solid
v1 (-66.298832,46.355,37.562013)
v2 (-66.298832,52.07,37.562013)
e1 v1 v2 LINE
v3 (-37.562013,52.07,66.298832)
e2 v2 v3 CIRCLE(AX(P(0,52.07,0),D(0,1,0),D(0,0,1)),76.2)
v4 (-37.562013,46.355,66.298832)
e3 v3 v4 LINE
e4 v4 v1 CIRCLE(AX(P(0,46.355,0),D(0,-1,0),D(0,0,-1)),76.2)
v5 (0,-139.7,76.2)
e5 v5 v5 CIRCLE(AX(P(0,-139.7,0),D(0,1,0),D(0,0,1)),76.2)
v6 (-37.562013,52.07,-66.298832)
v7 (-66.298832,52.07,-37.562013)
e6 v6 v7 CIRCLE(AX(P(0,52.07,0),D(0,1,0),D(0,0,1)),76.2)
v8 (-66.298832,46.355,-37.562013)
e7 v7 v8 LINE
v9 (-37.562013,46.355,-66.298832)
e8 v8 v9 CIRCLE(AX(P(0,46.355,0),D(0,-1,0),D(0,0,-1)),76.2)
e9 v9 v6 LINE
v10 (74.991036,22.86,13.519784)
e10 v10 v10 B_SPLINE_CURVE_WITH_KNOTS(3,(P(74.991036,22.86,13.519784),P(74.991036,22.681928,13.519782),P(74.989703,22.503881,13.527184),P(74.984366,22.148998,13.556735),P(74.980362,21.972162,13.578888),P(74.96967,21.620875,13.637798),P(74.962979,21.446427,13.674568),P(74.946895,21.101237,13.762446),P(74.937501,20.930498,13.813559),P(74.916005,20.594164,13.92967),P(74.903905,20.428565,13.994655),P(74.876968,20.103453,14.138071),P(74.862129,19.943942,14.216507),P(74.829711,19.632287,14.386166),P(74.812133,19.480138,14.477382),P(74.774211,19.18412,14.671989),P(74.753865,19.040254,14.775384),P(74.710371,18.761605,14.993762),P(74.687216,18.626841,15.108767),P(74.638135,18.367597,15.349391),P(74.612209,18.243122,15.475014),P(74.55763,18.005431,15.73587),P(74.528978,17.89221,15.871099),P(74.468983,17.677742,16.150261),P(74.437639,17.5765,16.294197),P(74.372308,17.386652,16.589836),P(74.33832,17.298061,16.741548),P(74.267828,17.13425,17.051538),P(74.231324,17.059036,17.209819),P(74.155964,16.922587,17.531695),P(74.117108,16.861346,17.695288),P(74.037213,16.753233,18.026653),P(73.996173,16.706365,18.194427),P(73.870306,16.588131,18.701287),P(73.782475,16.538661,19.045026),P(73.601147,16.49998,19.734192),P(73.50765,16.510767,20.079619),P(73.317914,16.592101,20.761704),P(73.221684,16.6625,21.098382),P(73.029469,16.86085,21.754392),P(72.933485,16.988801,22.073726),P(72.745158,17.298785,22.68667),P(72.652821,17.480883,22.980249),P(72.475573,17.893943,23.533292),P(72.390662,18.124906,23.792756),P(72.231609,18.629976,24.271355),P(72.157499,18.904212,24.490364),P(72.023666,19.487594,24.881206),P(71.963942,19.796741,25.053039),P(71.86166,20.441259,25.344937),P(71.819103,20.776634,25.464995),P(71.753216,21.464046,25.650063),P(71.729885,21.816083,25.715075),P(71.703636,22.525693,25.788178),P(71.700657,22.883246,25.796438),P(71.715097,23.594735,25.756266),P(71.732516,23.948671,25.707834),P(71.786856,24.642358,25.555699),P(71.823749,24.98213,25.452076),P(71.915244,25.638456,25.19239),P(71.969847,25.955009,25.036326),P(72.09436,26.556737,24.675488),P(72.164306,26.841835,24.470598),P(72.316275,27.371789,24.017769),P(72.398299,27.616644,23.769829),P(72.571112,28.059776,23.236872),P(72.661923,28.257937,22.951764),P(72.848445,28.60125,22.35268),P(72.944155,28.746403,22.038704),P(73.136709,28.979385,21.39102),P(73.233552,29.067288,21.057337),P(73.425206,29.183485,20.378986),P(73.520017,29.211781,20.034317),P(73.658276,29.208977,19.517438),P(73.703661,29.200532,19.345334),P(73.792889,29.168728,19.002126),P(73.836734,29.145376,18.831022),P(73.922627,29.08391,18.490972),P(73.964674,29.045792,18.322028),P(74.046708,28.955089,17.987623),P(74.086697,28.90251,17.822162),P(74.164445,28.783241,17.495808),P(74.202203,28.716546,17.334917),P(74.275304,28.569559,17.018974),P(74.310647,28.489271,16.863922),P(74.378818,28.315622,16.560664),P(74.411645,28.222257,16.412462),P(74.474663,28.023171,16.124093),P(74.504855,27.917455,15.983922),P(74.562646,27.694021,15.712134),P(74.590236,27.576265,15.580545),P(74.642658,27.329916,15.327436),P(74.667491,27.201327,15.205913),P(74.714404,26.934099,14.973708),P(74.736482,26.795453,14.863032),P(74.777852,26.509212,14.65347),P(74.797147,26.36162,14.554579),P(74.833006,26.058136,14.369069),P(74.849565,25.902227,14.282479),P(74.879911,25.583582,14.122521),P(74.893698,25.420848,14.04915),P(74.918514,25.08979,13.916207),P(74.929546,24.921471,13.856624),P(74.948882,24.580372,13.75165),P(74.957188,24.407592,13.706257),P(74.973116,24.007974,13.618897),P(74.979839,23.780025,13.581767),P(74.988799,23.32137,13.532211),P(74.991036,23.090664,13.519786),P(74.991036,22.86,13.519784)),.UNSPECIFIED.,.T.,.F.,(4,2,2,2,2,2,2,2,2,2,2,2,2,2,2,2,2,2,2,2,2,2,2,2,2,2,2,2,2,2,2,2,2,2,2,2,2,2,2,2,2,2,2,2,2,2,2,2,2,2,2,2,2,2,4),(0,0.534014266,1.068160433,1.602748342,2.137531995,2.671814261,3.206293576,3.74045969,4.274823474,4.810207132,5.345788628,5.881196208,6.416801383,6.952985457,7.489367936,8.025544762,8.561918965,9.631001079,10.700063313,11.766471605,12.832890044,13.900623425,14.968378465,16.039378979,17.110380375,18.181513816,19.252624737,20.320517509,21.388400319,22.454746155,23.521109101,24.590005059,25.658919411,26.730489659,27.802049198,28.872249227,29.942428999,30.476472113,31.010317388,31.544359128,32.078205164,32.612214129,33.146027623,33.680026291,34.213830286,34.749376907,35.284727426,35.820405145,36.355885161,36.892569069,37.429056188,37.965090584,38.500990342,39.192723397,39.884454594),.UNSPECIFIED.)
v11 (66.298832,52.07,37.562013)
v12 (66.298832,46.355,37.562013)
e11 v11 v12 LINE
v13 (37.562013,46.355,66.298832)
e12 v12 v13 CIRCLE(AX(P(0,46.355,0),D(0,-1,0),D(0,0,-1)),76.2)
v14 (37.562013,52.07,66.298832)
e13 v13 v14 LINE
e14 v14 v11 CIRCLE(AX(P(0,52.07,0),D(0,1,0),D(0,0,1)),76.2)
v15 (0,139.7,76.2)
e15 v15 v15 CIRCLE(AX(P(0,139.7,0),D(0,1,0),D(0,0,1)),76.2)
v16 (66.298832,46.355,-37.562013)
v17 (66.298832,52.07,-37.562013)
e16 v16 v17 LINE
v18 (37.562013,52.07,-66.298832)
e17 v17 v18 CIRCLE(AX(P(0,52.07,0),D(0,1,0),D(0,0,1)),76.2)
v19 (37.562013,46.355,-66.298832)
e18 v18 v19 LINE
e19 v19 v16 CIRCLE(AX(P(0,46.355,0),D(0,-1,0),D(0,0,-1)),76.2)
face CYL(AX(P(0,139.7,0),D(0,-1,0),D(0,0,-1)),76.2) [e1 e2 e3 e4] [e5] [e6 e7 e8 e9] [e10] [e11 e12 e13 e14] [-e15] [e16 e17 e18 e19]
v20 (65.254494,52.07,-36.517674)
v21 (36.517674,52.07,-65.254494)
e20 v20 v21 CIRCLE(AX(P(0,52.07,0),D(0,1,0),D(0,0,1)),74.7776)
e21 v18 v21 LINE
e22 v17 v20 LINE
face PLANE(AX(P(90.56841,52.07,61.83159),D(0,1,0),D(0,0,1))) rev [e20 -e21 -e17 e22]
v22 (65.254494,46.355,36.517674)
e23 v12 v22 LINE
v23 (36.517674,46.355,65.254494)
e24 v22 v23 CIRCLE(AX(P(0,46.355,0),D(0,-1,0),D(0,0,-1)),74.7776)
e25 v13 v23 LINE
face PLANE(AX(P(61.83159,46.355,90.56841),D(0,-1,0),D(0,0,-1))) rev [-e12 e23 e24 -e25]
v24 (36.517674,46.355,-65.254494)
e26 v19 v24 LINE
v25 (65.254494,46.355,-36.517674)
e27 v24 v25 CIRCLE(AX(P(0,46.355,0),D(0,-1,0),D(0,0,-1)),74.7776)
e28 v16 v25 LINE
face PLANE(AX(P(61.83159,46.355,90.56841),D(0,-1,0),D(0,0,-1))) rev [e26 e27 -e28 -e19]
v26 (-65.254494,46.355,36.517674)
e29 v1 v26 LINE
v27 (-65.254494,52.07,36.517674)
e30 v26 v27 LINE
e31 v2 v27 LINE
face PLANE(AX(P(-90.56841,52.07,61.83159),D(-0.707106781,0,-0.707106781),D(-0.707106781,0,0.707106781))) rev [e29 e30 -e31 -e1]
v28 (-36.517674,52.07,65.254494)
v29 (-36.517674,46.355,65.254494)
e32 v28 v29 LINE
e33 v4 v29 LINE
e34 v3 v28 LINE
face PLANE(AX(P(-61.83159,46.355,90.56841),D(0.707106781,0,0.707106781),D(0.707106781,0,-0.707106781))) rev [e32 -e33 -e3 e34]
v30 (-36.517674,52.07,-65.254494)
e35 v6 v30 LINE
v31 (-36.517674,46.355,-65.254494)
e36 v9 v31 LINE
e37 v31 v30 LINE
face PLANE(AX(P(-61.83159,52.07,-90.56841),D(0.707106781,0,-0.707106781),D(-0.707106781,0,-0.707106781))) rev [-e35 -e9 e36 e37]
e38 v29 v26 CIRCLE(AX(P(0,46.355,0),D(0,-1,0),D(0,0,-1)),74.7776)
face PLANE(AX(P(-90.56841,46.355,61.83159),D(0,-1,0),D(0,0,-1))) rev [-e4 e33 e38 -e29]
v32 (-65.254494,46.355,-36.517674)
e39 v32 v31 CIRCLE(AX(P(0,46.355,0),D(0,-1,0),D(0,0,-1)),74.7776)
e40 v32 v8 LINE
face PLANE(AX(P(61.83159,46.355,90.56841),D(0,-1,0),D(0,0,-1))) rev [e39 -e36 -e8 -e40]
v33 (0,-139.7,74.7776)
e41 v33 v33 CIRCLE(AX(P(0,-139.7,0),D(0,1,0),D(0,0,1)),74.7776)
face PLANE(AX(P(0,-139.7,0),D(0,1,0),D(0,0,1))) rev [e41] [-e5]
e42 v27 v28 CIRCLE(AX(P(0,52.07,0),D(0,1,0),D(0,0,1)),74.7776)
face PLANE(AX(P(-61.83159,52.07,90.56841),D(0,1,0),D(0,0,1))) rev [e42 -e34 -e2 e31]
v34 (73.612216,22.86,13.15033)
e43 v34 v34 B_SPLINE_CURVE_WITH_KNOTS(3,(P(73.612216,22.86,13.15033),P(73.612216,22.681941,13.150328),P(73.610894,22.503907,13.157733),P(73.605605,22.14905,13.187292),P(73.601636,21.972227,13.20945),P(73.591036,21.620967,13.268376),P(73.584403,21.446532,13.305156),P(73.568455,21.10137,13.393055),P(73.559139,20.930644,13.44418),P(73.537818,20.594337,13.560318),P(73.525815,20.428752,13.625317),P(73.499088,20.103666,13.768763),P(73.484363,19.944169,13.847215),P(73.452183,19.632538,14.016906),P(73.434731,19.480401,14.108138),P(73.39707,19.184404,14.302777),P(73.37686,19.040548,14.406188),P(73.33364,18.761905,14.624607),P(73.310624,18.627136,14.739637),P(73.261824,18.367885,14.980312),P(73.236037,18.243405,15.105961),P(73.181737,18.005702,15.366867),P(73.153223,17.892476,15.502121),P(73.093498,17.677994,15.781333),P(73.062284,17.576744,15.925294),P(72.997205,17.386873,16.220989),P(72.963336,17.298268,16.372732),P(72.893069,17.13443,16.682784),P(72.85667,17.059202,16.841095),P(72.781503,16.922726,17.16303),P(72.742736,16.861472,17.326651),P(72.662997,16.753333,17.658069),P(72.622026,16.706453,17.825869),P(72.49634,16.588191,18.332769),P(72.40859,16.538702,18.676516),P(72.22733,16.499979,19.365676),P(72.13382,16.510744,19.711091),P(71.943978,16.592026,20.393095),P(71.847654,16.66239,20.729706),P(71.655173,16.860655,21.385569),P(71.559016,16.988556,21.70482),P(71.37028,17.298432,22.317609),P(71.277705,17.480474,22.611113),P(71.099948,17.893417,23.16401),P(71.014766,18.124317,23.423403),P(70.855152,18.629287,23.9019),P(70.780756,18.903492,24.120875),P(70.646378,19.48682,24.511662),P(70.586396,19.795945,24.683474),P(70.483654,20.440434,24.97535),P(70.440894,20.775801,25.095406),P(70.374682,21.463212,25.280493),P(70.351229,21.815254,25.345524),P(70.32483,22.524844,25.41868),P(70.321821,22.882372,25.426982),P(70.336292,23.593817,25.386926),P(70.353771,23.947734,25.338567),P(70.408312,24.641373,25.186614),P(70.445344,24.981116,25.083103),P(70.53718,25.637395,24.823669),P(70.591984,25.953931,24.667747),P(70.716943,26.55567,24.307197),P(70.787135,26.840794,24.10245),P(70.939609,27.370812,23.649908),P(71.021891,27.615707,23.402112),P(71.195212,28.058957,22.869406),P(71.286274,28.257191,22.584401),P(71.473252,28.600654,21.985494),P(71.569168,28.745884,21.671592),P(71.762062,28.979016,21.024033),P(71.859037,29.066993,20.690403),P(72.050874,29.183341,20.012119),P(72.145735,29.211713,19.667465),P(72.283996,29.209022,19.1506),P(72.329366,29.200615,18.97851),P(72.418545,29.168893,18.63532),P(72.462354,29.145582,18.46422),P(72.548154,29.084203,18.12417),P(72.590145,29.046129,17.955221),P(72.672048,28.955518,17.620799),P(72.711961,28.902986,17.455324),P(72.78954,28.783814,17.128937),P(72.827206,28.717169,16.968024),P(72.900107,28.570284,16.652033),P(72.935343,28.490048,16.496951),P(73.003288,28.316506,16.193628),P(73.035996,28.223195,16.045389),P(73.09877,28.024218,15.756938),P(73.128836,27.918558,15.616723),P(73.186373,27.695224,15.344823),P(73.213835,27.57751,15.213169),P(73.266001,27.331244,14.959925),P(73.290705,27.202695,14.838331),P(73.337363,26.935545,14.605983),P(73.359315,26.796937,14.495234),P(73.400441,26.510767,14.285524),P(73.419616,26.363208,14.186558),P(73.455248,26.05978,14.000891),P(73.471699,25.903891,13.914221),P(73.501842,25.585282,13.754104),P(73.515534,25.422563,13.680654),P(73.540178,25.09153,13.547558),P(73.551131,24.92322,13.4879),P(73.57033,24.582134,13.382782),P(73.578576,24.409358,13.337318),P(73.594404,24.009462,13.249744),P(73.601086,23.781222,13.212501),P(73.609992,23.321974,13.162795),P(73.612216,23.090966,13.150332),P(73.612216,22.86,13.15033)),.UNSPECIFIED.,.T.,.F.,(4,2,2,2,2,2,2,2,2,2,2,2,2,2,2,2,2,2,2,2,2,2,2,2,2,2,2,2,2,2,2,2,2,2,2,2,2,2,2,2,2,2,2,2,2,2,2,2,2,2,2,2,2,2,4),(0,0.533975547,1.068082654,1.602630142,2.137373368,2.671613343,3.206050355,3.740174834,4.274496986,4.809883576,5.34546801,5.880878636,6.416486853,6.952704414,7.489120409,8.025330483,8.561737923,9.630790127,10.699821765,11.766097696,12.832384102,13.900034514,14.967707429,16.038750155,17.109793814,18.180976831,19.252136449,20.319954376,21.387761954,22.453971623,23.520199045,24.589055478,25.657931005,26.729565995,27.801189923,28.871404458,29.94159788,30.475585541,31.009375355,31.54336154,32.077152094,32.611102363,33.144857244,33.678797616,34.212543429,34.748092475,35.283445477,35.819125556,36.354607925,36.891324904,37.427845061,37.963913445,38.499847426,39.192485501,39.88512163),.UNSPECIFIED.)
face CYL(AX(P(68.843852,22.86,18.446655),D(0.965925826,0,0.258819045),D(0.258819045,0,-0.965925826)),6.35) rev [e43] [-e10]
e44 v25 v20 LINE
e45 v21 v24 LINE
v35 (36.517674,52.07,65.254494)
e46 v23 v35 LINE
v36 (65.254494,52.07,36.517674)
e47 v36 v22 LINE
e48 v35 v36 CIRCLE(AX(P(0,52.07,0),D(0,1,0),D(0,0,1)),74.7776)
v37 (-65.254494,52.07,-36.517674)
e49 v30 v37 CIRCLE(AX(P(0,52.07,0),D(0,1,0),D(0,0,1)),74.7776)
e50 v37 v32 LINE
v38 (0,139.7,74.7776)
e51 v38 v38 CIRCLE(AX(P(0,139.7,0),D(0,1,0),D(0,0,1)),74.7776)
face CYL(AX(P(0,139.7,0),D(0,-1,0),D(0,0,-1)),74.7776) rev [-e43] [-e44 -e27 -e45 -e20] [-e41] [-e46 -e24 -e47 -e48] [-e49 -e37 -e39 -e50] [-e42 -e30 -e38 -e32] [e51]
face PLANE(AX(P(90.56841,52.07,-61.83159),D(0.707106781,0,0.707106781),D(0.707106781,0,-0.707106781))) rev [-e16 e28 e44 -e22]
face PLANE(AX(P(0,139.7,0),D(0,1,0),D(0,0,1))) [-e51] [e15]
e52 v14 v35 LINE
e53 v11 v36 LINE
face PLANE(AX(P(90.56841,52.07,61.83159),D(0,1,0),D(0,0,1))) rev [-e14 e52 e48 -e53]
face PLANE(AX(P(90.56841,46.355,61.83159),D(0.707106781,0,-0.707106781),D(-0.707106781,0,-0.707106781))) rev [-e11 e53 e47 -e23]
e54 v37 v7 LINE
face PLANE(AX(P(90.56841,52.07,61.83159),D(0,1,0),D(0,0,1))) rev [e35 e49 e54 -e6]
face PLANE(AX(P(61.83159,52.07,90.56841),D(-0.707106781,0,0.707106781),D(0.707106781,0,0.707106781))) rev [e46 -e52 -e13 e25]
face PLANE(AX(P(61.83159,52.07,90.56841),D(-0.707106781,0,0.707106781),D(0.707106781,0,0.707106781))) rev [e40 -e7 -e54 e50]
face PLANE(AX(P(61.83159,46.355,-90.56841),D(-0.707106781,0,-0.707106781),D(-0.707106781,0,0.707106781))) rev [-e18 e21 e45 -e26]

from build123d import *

# Parameters (mm, degrees)
SKETCH1_R           = 76.2
SKETCH1_R_2         = 74.7776
BOSS_EXTRUDE1_DEPTH = 139.7
SKETCH2_W           = 40.64
SKETCH2_H           = 5.715
CUT_EXTRUDE1_DEPTH  = 177.434038666
CIRPATTERN1_COUNT   = 4
SKETCH3_R           = 6.35
CUT_EXTRUDE2_DEPTH  = 6.35


with BuildPart() as part:
    # Sketch1 → Boss-Extrude1 (new, symmetric)
    with BuildSketch(Plane(origin=(0, 0, 0), x_dir=(1, 0, 0), z_dir=(0, 1, 0))):
        with Locations(Location((0, 0, 0), (0, 0, 270))):
            Circle(SKETCH1_R)
        with Locations(Location((0, 0, 0), (0, 0, 270))):
            Circle(SKETCH1_R_2, mode=Mode.SUBTRACT)
    extrude(amount=BOSS_EXTRUDE1_DEPTH, both=True)

    # Sketch2 → Cut-Extrude1 (cut, through all)
    with BuildSketch(Plane(origin=(0, 0, 0), x_dir=(-0.7071067811865477, 0, -0.7071067811865475), z_dir=(0.7071067811865475, 0, -0.7071067811865477))):
        with Locations((0, 49.2125)):
            Rectangle(SKETCH2_W, SKETCH2_H)
    cut_extrude1 = extrude(amount=-CUT_EXTRUDE1_DEPTH, mode=Mode.SUBTRACT)

    # CirPattern1: Cut-Extrude1 ×4 about axis
    cirpattern1_axis = Axis((0, 0, 0), (0, 1, 0))
    for i in range(1, CIRPATTERN1_COUNT):
        add(cut_extrude1.rotate(cirpattern1_axis, i * 360 / CIRPATTERN1_COUNT), mode=Mode.SUBTRACT)

    # Sketch3 → Cut-Extrude2 (cut)
    with BuildSketch(Plane(origin=(74.977480859, 38.1, 20.090155447), x_dir=(0, -1, 0), z_dir=(0.9659258262890681, 0, 0.25881904510252135))):
        with Locations(Location((15.24, 0, 0), (0, 0, 90))):
            Circle(SKETCH3_R)
    extrude(amount=-CUT_EXTRUDE2_DEPTH, mode=Mode.SUBTRACT)


solid = part.part
